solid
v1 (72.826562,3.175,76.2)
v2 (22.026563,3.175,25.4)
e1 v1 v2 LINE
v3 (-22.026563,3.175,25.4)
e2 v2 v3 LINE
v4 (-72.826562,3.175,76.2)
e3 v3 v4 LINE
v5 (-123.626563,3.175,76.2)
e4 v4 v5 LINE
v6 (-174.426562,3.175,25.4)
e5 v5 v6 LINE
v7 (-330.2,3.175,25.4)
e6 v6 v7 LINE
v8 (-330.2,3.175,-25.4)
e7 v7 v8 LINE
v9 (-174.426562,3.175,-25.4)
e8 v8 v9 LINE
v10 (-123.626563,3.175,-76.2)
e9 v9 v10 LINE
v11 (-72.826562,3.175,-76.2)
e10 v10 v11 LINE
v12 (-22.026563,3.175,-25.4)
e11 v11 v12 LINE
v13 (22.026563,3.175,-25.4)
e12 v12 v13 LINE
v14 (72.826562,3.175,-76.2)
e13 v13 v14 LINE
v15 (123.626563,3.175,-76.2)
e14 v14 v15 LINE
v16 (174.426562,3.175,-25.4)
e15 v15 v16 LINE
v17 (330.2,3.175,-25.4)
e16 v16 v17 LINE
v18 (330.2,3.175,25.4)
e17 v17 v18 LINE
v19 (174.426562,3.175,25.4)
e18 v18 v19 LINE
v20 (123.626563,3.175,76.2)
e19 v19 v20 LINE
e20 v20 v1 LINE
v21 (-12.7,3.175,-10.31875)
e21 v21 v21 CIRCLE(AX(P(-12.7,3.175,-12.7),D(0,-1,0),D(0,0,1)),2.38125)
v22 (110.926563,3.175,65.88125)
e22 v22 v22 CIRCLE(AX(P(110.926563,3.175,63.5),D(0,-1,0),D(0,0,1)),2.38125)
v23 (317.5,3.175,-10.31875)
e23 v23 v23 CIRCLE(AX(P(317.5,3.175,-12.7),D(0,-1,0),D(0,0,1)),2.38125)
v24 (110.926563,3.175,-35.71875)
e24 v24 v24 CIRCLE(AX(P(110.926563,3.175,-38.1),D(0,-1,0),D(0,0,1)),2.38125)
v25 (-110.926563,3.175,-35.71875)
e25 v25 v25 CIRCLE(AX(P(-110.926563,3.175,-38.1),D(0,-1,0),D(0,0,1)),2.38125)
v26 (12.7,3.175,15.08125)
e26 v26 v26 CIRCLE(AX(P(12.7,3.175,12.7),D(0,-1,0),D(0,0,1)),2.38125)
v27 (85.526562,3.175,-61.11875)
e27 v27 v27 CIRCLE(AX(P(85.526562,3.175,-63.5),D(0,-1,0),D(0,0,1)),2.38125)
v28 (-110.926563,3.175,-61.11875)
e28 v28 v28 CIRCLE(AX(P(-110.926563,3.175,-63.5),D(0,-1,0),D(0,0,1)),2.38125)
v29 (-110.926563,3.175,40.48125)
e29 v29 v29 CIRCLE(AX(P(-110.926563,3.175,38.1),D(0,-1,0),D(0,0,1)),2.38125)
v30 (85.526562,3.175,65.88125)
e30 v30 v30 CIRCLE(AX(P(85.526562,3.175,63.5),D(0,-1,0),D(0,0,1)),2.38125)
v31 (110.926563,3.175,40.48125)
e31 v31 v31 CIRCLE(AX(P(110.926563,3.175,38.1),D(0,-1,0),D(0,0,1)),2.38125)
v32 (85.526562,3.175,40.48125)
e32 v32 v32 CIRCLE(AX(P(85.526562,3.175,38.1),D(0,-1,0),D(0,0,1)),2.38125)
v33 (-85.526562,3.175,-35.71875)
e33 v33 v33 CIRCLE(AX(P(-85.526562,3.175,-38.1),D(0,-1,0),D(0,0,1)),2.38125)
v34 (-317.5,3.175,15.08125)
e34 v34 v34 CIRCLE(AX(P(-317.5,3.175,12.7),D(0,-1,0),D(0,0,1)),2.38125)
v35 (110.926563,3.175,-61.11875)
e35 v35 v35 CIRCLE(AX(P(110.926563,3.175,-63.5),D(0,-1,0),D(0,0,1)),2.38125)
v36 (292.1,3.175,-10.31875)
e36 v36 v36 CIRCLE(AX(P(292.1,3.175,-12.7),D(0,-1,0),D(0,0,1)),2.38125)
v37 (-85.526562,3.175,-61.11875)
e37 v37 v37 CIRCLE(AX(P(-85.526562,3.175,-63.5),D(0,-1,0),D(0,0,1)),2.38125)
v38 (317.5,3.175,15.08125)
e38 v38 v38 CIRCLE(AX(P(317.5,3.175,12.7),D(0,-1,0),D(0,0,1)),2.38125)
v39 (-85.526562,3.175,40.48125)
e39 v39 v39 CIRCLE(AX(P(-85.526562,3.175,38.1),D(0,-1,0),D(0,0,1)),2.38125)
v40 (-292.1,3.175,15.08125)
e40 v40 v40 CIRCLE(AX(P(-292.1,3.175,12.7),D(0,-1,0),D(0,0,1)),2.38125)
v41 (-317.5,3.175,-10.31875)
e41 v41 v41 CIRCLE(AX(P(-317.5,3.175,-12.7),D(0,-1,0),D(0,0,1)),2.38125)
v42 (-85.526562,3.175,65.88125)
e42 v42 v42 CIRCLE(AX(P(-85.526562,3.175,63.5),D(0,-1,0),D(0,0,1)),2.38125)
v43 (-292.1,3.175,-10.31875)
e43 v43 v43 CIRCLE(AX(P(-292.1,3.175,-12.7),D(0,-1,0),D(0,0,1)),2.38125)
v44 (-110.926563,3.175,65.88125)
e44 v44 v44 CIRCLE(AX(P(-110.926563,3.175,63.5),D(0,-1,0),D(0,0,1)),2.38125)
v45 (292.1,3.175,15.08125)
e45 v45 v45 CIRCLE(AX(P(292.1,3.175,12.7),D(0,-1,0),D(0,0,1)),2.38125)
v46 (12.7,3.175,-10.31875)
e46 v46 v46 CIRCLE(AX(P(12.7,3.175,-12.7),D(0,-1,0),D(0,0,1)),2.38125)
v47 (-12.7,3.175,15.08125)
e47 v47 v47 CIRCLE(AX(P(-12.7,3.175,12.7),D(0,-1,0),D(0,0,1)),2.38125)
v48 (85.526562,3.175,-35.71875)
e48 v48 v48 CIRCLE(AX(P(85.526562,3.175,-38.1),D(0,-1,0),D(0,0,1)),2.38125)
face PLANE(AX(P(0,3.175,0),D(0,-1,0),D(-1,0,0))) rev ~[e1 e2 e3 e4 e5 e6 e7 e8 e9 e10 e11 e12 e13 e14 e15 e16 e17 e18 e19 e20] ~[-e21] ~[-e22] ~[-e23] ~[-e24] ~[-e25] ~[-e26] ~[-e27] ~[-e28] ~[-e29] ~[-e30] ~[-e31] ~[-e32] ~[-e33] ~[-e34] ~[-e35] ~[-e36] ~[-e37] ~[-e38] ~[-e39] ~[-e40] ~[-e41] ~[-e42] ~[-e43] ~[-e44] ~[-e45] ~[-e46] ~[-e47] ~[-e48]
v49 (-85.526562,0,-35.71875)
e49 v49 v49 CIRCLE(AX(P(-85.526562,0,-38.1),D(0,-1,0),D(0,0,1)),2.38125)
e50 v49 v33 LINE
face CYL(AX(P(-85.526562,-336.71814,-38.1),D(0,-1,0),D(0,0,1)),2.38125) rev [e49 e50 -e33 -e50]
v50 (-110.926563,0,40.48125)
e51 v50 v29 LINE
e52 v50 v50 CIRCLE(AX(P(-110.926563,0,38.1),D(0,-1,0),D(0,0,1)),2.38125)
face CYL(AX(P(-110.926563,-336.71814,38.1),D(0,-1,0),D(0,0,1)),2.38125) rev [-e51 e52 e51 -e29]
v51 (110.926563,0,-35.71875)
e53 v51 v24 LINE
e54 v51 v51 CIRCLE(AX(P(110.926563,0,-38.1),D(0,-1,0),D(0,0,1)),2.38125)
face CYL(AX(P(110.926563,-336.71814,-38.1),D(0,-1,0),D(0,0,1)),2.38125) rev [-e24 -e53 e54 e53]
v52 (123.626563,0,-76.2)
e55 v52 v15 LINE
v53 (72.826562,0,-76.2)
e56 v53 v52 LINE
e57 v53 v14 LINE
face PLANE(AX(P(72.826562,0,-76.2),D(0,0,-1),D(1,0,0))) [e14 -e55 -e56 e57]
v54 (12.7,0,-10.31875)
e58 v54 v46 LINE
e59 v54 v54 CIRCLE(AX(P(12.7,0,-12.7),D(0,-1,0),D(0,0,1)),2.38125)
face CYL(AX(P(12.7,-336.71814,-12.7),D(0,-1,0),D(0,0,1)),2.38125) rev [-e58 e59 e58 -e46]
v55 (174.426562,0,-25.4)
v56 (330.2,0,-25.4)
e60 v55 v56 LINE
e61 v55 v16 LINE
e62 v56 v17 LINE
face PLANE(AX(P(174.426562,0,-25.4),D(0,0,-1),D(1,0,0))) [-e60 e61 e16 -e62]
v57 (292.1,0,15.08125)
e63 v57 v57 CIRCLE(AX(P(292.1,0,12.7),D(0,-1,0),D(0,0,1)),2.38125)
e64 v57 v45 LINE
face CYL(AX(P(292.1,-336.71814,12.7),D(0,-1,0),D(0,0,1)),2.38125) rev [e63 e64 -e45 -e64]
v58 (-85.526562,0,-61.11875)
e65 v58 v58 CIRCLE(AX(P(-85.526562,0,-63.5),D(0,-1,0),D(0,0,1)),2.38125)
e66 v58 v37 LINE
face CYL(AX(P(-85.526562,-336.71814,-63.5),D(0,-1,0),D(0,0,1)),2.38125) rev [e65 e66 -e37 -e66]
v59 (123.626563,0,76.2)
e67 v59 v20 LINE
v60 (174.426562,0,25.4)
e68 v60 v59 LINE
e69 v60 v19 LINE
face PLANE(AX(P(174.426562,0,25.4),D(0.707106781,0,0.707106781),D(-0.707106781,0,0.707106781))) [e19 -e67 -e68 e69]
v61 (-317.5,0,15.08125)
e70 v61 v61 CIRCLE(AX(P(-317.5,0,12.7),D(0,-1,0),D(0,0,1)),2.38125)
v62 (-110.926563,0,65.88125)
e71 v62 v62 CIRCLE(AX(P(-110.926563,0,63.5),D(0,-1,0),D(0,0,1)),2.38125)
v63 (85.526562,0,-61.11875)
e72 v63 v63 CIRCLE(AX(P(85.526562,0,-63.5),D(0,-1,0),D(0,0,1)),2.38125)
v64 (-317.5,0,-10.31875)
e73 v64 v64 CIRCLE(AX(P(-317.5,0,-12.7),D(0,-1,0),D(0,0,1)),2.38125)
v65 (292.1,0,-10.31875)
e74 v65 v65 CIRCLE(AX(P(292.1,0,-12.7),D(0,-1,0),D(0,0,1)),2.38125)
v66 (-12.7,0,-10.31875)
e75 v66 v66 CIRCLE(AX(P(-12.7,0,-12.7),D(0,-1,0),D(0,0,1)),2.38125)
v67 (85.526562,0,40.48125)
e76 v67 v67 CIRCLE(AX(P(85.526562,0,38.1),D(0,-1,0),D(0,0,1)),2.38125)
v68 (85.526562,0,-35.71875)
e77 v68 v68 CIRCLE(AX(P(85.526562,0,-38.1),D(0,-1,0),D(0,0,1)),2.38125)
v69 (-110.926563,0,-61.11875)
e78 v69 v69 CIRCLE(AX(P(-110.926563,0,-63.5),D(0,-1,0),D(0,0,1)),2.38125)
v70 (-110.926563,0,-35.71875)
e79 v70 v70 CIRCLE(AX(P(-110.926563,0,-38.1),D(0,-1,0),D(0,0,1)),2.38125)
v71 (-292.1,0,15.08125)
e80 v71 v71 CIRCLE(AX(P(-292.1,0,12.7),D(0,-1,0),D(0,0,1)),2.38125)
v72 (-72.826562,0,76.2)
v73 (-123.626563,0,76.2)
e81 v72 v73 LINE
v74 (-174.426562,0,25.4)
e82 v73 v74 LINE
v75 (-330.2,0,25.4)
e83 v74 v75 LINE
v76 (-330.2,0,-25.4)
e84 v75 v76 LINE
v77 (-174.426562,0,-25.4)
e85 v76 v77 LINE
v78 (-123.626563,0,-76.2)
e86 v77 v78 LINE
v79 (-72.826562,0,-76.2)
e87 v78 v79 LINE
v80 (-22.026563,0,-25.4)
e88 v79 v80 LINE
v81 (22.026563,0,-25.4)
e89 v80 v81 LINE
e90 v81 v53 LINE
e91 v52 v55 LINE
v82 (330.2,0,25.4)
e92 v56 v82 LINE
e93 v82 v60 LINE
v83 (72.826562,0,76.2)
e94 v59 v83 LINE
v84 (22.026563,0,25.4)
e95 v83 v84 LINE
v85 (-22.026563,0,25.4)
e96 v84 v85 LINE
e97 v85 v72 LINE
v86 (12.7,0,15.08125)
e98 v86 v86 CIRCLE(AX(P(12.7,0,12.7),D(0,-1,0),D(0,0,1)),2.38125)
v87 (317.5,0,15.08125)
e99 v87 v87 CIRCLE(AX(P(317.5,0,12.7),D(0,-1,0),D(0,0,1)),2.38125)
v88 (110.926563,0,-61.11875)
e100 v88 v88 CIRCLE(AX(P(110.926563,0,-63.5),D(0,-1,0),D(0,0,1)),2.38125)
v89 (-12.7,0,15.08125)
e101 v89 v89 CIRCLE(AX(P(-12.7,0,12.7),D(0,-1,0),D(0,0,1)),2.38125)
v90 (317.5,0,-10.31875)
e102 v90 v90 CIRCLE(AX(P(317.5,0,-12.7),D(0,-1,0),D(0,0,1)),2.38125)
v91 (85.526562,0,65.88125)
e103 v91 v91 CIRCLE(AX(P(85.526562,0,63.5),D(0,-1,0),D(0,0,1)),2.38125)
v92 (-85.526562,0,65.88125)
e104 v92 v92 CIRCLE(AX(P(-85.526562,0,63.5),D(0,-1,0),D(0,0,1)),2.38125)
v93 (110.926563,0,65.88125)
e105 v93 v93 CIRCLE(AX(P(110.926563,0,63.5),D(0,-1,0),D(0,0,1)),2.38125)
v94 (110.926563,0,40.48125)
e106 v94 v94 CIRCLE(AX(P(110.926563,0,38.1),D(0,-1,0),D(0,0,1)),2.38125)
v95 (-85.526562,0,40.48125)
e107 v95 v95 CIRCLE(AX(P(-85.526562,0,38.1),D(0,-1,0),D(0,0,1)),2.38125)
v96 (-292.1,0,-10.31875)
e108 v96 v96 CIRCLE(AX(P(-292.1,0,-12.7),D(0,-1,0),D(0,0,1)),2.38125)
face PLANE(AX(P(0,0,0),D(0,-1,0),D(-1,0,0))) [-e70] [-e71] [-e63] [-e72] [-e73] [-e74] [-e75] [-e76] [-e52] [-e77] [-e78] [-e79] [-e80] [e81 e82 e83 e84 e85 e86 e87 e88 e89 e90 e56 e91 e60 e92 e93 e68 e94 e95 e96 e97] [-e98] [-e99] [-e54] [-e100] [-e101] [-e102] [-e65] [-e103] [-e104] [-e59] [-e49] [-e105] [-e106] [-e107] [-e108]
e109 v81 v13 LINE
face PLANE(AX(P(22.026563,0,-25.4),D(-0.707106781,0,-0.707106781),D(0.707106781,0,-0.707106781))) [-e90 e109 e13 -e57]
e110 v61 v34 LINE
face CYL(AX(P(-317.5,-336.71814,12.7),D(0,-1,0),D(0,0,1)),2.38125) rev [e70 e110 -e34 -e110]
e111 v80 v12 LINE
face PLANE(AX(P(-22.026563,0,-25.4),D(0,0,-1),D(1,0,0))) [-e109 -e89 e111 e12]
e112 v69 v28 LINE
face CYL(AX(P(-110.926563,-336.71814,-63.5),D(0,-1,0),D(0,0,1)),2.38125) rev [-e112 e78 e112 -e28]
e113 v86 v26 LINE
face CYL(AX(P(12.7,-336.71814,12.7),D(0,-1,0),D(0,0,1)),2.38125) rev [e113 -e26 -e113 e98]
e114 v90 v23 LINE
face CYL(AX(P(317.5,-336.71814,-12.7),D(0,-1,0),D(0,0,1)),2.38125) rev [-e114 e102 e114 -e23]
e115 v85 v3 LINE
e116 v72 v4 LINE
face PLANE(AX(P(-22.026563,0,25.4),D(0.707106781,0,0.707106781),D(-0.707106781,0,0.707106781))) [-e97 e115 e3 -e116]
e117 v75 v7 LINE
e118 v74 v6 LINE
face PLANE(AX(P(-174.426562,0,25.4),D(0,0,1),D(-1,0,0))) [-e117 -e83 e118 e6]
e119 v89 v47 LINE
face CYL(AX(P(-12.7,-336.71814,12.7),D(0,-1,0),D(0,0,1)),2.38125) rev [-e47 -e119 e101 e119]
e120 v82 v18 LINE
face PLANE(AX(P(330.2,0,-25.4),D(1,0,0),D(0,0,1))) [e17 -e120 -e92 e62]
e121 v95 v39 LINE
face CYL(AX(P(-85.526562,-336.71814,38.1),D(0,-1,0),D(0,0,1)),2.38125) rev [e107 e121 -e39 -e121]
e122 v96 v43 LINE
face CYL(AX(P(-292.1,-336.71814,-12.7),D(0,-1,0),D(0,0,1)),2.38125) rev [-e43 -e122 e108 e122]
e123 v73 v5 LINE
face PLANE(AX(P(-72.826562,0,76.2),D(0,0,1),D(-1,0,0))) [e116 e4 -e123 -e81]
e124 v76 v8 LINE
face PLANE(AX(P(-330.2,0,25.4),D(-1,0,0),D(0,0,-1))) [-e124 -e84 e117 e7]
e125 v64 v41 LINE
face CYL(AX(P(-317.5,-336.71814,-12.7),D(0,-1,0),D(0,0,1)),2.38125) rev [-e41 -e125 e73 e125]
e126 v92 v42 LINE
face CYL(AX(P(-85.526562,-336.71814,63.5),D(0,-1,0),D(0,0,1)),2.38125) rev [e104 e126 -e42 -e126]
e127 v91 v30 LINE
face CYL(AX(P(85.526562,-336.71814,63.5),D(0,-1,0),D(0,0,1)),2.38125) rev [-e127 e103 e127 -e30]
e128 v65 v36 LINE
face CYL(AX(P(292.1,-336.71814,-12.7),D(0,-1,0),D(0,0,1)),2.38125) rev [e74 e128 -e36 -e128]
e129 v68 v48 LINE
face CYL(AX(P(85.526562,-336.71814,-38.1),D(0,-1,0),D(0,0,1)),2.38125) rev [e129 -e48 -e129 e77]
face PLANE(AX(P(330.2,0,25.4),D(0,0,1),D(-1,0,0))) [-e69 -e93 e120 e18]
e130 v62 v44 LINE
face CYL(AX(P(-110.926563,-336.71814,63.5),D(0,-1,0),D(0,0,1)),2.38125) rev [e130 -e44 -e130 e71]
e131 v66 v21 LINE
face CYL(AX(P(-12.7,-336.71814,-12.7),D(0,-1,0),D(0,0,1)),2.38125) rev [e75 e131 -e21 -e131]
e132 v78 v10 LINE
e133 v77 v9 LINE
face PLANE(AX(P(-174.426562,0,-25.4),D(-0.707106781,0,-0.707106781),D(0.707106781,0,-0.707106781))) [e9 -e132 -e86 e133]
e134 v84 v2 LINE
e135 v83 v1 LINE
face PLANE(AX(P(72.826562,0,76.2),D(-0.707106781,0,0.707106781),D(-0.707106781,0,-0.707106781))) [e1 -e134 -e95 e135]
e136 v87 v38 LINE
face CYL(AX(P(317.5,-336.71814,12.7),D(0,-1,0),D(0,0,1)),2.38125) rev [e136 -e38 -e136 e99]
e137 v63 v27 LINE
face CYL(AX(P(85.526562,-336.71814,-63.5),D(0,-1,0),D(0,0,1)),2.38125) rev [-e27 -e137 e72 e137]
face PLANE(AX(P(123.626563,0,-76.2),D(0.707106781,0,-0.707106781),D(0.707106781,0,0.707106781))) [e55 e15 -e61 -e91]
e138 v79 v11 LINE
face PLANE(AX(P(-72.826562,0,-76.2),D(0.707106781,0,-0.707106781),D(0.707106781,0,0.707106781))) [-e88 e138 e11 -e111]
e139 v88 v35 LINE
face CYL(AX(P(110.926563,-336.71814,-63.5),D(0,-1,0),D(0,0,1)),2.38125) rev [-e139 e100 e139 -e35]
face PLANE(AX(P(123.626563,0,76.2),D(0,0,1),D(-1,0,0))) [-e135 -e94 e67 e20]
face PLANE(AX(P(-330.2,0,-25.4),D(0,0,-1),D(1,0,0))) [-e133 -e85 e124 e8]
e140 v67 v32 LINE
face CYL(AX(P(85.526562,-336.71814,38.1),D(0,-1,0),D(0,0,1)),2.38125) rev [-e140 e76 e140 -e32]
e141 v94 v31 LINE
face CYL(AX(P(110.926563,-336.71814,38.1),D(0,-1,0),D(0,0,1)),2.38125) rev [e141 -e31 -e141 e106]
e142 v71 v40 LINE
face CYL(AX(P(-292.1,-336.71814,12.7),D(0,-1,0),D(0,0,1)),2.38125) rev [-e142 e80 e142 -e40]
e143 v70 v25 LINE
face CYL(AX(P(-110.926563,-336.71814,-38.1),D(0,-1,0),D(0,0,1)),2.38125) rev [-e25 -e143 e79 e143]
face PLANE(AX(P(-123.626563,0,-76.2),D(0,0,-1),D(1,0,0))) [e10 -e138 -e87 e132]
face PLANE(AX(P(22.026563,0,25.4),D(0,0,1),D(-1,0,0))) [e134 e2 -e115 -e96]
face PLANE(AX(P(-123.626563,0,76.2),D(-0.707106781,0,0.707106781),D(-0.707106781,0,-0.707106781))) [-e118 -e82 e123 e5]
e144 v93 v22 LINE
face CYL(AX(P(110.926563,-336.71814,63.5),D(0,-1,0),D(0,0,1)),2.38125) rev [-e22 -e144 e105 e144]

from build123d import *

# Parameters (mm, degrees)
BOSS_EXTRUDE1_DEPTH     = 3.175
CUT_EXTRUDE1_DEPTH      = 339.893140422
CUT_EXTRUDE1_DEPTH_BACK = 339.893140422
SKETCH3_R               = 2.38125


with BuildPart() as part:
    # Sketch2 → Boss-Extrude1 (new body)
    with BuildSketch(Plane(origin=(0, 0, 0), x_dir=(1, 0, 0), z_dir=(0, 1, 0))):
        Polygon((22.0265625, 25.4), (72.8265625, 76.2), (123.6265625, 76.2), (174.4265625, 25.4), (330.2, 25.4), (330.2, -25.4), (174.4265625, -25.4), (123.6265625, -76.2), (72.8265625, -76.2), (22.0265625, -25.4), (-22.0265625, -25.4), (-72.8265625, -76.2), (-123.6265625, -76.2), (-174.4265625, -25.4), (-330.2, -25.4), (-330.2, 25.4), (-174.4265625, 25.4), (-123.6265625, 76.2), (-72.8265625, 76.2), (-22.0265625, 25.4), align=None)
    extrude(amount=BOSS_EXTRUDE1_DEPTH)

    # Sketch3 → Cut-Extrude1 (cut, two sides: drawn at the far end of the back side and taken through both)
    with BuildSketch(Plane(origin=(0, 3.175, 0), x_dir=(1, 0, 0), z_dir=(0, 1, 0)).offset(-CUT_EXTRUDE1_DEPTH_BACK)):
        with Locations(Location((-110.9265625, 63.5, 0), (0, 0, 270))):
            Circle(SKETCH3_R)
        with Locations(Location((-85.5265625, 63.5, 0), (0, 0, 270))):
            Circle(SKETCH3_R)
        with Locations(Location((-110.9265625, 38.1, 0), (0, 0, 270))):
            Circle(SKETCH3_R)
        with Locations(Location((-85.5265625, 38.1, 0), (0, 0, 270))):
            Circle(SKETCH3_R)
        with Locations(Location((-85.5265625, -38.1, 0), (0, 0, 270))):
            Circle(SKETCH3_R)
        with Locations(Location((-110.9265625, -38.1, 0), (0, 0, 270))):
            Circle(SKETCH3_R)
        with Locations(Location((-85.5265625, -63.5, 0), (0, 0, 270))):
            Circle(SKETCH3_R)
        with Locations(Location((-110.9265625, -63.5, 0), (0, 0, 270))):
            Circle(SKETCH3_R)
        with Locations(Location((110.9265625, -63.5, 0), (0, 0, 270))):
            Circle(SKETCH3_R)
        with Locations(Location((85.5265625, -63.5, 0), (0, 0, 270))):
            Circle(SKETCH3_R)
        with Locations(Location((110.9265625, -38.1, 0), (0, 0, 270))):
            Circle(SKETCH3_R)
        with Locations(Location((85.5265625, -38.1, 0), (0, 0, 270))):
            Circle(SKETCH3_R)
        with Locations(Location((85.5265625, 38.1, 0), (0, 0, 270))):
            Circle(SKETCH3_R)
        with Locations(Location((110.9265625, 38.1, 0), (0, 0, 270))):
            Circle(SKETCH3_R)
        with Locations(Location((85.5265625, 63.5, 0), (0, 0, 270))):
            Circle(SKETCH3_R)
        with Locations(Location((110.9265625, 63.5, 0), (0, 0, 270))):
            Circle(SKETCH3_R)
        with Locations(Location((-292.1, -12.7, 0), (0, 0, 270))):
            Circle(SKETCH3_R)
        with Locations(Location((-317.5, -12.7, 0), (0, 0, 270))):
            Circle(SKETCH3_R)
        with Locations(Location((-317.5, 12.7, 0), (0, 0, 270))):
            Circle(SKETCH3_R)
        with Locations(Location((-292.1, 12.7, 0), (0, 0, 270))):
            Circle(SKETCH3_R)
        with Locations(Location((292.1, 12.7, 0), (0, 0, 270))):
            Circle(SKETCH3_R)
        with Locations(Location((317.5, 12.7, 0), (0, 0, 270))):
            Circle(SKETCH3_R)
        with Locations(Location((317.5, -12.7, 0), (0, 0, 270))):
            Circle(SKETCH3_R)
        with Locations(Location((292.1, -12.7, 0), (0, 0, 270))):
            Circle(SKETCH3_R)
        with Locations(Location((-12.7, 12.7, 0), (0, 0, 270))):
            Circle(SKETCH3_R)
        with Locations(Location((12.7, 12.7, 0), (0, 0, 270))):
            Circle(SKETCH3_R)
        with Locations(Location((12.7, -12.7, 0), (0, 0, 270))):
            Circle(SKETCH3_R)
        with Locations(Location((-12.7, -12.7, 0), (0, 0, 270))):
            Circle(SKETCH3_R)
    extrude(amount=CUT_EXTRUDE1_DEPTH + CUT_EXTRUDE1_DEPTH_BACK, mode=Mode.SUBTRACT)


solid = part.part
